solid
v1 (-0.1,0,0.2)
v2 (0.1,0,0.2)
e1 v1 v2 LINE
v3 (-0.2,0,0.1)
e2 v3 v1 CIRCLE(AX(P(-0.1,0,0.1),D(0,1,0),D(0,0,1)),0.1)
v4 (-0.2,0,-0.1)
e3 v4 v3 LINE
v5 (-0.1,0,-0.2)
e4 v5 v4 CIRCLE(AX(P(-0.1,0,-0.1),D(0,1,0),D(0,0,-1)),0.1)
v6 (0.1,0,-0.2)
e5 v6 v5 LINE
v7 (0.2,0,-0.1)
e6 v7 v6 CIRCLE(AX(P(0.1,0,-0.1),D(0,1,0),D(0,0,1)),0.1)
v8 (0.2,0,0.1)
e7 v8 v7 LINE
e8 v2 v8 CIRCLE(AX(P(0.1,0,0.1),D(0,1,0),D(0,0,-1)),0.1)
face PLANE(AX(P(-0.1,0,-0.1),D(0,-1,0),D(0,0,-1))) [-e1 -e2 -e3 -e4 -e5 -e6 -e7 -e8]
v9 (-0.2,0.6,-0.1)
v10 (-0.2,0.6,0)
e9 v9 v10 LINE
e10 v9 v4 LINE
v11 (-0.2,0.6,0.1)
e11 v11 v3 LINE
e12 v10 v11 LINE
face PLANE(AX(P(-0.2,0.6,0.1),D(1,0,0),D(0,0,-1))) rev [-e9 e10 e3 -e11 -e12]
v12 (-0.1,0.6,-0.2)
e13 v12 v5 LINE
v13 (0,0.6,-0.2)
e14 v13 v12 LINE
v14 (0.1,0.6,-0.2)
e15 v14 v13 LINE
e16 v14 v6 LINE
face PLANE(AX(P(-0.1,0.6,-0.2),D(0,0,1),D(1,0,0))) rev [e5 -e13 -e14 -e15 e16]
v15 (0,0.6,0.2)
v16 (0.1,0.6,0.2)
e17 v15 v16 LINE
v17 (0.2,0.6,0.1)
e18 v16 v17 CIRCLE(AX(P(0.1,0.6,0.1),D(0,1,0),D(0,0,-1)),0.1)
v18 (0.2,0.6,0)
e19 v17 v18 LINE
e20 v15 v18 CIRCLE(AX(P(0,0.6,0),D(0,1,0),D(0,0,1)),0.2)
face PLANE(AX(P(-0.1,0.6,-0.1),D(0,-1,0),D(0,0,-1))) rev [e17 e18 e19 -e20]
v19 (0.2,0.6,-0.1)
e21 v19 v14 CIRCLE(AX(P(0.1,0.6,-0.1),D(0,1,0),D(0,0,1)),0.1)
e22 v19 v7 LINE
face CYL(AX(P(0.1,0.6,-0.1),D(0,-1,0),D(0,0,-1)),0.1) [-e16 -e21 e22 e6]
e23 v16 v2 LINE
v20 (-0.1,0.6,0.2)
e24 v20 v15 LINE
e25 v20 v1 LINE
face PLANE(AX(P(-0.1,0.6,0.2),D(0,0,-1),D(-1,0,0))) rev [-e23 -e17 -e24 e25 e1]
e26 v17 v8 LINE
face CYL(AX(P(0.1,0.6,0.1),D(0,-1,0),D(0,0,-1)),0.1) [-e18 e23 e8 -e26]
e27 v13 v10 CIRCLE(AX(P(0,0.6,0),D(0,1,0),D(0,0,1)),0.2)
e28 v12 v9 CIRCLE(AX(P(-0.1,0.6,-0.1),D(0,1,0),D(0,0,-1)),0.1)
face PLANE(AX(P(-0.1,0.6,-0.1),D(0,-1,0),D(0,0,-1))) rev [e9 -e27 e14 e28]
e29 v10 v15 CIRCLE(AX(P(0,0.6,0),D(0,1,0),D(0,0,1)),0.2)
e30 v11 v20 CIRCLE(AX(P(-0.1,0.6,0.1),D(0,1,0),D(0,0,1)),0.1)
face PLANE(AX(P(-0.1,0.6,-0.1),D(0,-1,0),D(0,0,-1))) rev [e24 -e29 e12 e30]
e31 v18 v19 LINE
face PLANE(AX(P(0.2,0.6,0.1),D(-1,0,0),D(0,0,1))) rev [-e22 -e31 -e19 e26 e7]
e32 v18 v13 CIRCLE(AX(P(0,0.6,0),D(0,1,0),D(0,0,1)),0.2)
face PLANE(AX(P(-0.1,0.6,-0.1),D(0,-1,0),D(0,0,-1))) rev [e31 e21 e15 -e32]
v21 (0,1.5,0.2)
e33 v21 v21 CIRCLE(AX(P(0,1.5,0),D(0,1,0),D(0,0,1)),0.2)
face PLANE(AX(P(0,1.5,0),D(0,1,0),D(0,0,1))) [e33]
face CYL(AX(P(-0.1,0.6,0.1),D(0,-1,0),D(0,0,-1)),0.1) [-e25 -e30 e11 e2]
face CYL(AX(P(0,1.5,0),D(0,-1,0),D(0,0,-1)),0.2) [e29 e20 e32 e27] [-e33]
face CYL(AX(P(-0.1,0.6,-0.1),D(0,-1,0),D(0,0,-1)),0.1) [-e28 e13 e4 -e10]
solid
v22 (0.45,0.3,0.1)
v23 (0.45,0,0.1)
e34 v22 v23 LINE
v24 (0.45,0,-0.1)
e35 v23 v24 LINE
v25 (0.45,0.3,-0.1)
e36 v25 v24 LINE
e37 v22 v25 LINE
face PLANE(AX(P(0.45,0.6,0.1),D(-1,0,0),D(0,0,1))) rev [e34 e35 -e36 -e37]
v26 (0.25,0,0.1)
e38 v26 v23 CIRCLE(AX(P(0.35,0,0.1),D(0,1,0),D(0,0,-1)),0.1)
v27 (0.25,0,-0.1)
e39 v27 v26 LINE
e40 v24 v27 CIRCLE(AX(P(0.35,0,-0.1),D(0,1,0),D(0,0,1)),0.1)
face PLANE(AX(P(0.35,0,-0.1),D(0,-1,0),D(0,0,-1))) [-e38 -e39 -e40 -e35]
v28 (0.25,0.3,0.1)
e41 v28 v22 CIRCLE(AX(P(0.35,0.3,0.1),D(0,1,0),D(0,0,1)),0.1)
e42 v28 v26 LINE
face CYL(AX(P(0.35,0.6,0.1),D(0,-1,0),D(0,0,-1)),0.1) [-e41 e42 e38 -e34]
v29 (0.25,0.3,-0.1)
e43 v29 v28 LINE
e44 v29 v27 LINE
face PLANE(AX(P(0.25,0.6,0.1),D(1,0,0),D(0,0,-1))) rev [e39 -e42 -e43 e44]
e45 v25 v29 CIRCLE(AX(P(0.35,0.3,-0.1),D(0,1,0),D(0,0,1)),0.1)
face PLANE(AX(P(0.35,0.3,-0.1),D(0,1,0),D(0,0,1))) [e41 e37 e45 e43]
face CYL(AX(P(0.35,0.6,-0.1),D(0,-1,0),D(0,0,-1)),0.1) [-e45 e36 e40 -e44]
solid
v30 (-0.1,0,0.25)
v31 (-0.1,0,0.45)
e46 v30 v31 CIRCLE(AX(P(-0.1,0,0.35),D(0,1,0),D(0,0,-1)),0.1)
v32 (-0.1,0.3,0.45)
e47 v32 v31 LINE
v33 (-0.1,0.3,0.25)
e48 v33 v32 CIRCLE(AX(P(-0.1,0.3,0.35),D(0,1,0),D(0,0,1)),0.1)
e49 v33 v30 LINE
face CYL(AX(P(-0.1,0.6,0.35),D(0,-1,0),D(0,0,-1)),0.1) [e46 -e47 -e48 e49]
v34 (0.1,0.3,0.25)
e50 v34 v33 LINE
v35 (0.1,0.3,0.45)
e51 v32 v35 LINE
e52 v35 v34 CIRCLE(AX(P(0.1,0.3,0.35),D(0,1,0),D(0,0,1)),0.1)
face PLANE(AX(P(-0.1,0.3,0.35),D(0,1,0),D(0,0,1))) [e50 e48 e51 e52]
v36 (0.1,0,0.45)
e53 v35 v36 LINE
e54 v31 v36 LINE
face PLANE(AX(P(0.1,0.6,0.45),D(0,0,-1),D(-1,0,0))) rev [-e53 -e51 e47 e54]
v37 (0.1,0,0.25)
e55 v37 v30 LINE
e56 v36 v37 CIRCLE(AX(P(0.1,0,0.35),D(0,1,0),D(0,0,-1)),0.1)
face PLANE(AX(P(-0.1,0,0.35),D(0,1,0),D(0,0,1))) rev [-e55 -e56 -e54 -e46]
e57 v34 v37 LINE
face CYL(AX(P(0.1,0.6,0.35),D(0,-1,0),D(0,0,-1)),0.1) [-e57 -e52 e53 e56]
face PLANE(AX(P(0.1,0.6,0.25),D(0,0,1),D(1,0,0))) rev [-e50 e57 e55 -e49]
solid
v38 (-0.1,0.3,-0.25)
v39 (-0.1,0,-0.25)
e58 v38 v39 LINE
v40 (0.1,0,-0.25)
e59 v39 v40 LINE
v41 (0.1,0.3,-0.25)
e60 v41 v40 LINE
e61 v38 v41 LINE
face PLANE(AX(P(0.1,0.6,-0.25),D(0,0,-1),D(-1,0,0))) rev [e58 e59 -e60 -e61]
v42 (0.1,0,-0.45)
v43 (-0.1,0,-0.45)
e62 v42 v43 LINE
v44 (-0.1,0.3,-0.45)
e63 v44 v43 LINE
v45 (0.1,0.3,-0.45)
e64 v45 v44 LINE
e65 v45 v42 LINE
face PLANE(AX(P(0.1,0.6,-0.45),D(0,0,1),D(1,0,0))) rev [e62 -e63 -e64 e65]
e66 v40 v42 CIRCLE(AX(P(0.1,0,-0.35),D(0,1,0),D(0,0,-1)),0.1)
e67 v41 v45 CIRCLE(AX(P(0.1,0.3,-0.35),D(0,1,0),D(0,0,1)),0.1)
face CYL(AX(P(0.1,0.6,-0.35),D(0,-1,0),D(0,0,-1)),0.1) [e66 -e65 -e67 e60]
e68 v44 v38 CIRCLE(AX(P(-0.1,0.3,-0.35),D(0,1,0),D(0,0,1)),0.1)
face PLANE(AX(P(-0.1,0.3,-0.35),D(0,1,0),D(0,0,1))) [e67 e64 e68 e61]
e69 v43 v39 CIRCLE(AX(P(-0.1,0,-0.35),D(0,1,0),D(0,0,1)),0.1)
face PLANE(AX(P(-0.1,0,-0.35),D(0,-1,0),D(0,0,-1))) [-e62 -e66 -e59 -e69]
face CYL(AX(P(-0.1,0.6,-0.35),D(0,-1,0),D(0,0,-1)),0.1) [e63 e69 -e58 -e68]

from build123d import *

# Parameters (mm, degrees)
BOSS_EXTRUDE1_DEPTH   = 0.6
BOSS_EXTRUDE1_2_DEPTH = 0.6
BOSS_EXTRUDE1_3_DEPTH = 0.6
BOSS_EXTRUDE1_4_DEPTH = 0.6
CUT_EXTRUDE1_DEPTH    = 0.3
SKETCH3_R             = 0.2
BOSS_EXTRUDE2_DEPTH   = 0.9


with BuildPart() as part:
    # Sketch1 → Boss-Extrude1 (new body)
    with BuildSketch(Plane(origin=(0, 0, 0), x_dir=(1, 0, 0), z_dir=(0, 1, 0))):
        with BuildLine():
            Line((-0.1, -0.2), (0.1, -0.2))
            ThreePointArc((0.1, -0.2), (0.170710678, -0.170710678), (0.2, -0.1))
            Line((0.2, -0.1), (0.2, 0.1))
            ThreePointArc((0.2, 0.1), (0.170710678, 0.170710678), (0.1, 0.2))
            Line((0.1, 0.2), (-0.1, 0.2))
            ThreePointArc((-0.1, 0.2), (-0.170710678, 0.170710678), (-0.2, 0.1))
            Line((-0.2, 0.1), (-0.2, -0.1))
            ThreePointArc((-0.2, -0.1), (-0.170710678, -0.170710678), (-0.1, -0.2))
        make_face()
    extrude(amount=BOSS_EXTRUDE1_DEPTH)

    # Sketch3 → Boss-Extrude2 (add)
    with BuildSketch(Plane(origin=(0, 0.6, 0), x_dir=(1, 0, 0), z_dir=(0, 1, 0))):
        with Locations(Location((0, 0, 0), (0, 0, 270))):
            Circle(SKETCH3_R)
    extrude(amount=BOSS_EXTRUDE2_DEPTH)


with BuildPart() as body_2:
    # Sketch1 → Boss-Extrude1 2 (new body)
    with BuildSketch(Plane(origin=(0, 0, 0), x_dir=(1, 0, 0), z_dir=(0, 1, 0))):
        with BuildLine():
            Line((0.45, -0.1), (0.45, 0.1))
            ThreePointArc((0.45, 0.1), (0.420710678, 0.170710678), (0.35, 0.2))
            ThreePointArc((0.35, 0.2), (0.279289322, 0.170710678), (0.25, 0.1))
            Line((0.25, 0.1), (0.25, -0.1))
            ThreePointArc((0.25, -0.1), (0.279289322, -0.170710678), (0.35, -0.2))
            ThreePointArc((0.35, -0.2), (0.420710678, -0.170710678), (0.45, -0.1))
        make_face()
    extrude(amount=BOSS_EXTRUDE1_2_DEPTH)


with BuildPart() as body_3:
    # Sketch1 → Boss-Extrude1 3 (new body)
    with BuildSketch(Plane(origin=(0, 0, 0), x_dir=(1, 0, 0), z_dir=(0, 1, 0))):
        with BuildLine():
            Line((0.1, 0.25), (-0.1, 0.25))
            ThreePointArc((-0.1, 0.25), (-0.170710678, 0.279289322), (-0.2, 0.35))
            ThreePointArc((-0.2, 0.35), (-0.170710678, 0.420710678), (-0.1, 0.45))
            Line((-0.1, 0.45), (0.1, 0.45))
            ThreePointArc((0.1, 0.45), (0.170710678, 0.420710678), (0.2, 0.35))
            ThreePointArc((0.2, 0.35), (0.170710678, 0.279289322), (0.1, 0.25))
        make_face()
    extrude(amount=BOSS_EXTRUDE1_3_DEPTH)


with BuildPart() as body_4:
    # Sketch1 → Boss-Extrude1 4 (new body)
    with BuildSketch(Plane(origin=(0, 0, 0), x_dir=(1, 0, 0), z_dir=(0, 1, 0))):
        with BuildLine():
            Line((0.1, -0.45), (-0.1, -0.45))
            ThreePointArc((-0.1, -0.45), (-0.170710678, -0.420710678), (-0.2, -0.35))
            ThreePointArc((-0.2, -0.35), (-0.170710678, -0.279289322), (-0.1, -0.25))
            Line((-0.1, -0.25), (0.1, -0.25))
            ThreePointArc((0.1, -0.25), (0.170710678, -0.279289322), (0.2, -0.35))
            ThreePointArc((0.2, -0.35), (0.170710678, -0.420710678), (0.1, -0.45))
        make_face()
    extrude(amount=BOSS_EXTRUDE1_4_DEPTH)


with BuildPart() as cut_extrude1_tool:
    # Sketch2 → Cut-Extrude1 (new body)
    with BuildSketch(Plane(origin=(0, 0.6, 0), x_dir=(1, 0, 0), z_dir=(0, 1, 0))):
        with BuildLine():
            Line((-0.1, -0.45), (0.1, -0.45))
            ThreePointArc((0.1, -0.45), (0.2, -0.35), (0.1, -0.25))
            Line((0.1, -0.25), (-0.1, -0.25))
            ThreePointArc((-0.1, -0.25), (-0.2, -0.35), (-0.1, -0.45))
        make_face()
        with BuildLine():
            Line((0.25, 0.1), (0.25, -0.1))
            ThreePointArc((0.25, -0.1), (0.35, -0.2), (0.45, -0.1))
            Line((0.45, -0.1), (0.45, 0.1))
            ThreePointArc((0.45, 0.1), (0.35, 0.2), (0.25, 0.1))
        make_face()
        with BuildLine():
            Line((-0.1, 0.25), (0.1, 0.25))
            ThreePointArc((0.1, 0.25), (0.2, 0.35), (0.1, 0.45))
            Line((0.1, 0.45), (-0.1, 0.45))
            ThreePointArc((-0.1, 0.45), (-0.2, 0.35), (-0.1, 0.25))
        make_face()
    extrude(amount=-CUT_EXTRUDE1_DEPTH)


with BuildPart() as body_2_1:
    add(body_2.part)

    # Cut-Extrude1: cut by cut_extrude1_tool
    add(cut_extrude1_tool.part, mode=Mode.SUBTRACT)


with BuildPart() as body_3_1:
    add(body_3.part)

    # Cut-Extrude1: cut by cut_extrude1_tool
    add(cut_extrude1_tool.part, mode=Mode.SUBTRACT)


with BuildPart() as body_4_1:
    add(body_4.part)

    # Cut-Extrude1: cut by cut_extrude1_tool
    add(cut_extrude1_tool.part, mode=Mode.SUBTRACT)


solid = Compound([part.part, body_2_1.part, body_3_1.part, body_4_1.part])
